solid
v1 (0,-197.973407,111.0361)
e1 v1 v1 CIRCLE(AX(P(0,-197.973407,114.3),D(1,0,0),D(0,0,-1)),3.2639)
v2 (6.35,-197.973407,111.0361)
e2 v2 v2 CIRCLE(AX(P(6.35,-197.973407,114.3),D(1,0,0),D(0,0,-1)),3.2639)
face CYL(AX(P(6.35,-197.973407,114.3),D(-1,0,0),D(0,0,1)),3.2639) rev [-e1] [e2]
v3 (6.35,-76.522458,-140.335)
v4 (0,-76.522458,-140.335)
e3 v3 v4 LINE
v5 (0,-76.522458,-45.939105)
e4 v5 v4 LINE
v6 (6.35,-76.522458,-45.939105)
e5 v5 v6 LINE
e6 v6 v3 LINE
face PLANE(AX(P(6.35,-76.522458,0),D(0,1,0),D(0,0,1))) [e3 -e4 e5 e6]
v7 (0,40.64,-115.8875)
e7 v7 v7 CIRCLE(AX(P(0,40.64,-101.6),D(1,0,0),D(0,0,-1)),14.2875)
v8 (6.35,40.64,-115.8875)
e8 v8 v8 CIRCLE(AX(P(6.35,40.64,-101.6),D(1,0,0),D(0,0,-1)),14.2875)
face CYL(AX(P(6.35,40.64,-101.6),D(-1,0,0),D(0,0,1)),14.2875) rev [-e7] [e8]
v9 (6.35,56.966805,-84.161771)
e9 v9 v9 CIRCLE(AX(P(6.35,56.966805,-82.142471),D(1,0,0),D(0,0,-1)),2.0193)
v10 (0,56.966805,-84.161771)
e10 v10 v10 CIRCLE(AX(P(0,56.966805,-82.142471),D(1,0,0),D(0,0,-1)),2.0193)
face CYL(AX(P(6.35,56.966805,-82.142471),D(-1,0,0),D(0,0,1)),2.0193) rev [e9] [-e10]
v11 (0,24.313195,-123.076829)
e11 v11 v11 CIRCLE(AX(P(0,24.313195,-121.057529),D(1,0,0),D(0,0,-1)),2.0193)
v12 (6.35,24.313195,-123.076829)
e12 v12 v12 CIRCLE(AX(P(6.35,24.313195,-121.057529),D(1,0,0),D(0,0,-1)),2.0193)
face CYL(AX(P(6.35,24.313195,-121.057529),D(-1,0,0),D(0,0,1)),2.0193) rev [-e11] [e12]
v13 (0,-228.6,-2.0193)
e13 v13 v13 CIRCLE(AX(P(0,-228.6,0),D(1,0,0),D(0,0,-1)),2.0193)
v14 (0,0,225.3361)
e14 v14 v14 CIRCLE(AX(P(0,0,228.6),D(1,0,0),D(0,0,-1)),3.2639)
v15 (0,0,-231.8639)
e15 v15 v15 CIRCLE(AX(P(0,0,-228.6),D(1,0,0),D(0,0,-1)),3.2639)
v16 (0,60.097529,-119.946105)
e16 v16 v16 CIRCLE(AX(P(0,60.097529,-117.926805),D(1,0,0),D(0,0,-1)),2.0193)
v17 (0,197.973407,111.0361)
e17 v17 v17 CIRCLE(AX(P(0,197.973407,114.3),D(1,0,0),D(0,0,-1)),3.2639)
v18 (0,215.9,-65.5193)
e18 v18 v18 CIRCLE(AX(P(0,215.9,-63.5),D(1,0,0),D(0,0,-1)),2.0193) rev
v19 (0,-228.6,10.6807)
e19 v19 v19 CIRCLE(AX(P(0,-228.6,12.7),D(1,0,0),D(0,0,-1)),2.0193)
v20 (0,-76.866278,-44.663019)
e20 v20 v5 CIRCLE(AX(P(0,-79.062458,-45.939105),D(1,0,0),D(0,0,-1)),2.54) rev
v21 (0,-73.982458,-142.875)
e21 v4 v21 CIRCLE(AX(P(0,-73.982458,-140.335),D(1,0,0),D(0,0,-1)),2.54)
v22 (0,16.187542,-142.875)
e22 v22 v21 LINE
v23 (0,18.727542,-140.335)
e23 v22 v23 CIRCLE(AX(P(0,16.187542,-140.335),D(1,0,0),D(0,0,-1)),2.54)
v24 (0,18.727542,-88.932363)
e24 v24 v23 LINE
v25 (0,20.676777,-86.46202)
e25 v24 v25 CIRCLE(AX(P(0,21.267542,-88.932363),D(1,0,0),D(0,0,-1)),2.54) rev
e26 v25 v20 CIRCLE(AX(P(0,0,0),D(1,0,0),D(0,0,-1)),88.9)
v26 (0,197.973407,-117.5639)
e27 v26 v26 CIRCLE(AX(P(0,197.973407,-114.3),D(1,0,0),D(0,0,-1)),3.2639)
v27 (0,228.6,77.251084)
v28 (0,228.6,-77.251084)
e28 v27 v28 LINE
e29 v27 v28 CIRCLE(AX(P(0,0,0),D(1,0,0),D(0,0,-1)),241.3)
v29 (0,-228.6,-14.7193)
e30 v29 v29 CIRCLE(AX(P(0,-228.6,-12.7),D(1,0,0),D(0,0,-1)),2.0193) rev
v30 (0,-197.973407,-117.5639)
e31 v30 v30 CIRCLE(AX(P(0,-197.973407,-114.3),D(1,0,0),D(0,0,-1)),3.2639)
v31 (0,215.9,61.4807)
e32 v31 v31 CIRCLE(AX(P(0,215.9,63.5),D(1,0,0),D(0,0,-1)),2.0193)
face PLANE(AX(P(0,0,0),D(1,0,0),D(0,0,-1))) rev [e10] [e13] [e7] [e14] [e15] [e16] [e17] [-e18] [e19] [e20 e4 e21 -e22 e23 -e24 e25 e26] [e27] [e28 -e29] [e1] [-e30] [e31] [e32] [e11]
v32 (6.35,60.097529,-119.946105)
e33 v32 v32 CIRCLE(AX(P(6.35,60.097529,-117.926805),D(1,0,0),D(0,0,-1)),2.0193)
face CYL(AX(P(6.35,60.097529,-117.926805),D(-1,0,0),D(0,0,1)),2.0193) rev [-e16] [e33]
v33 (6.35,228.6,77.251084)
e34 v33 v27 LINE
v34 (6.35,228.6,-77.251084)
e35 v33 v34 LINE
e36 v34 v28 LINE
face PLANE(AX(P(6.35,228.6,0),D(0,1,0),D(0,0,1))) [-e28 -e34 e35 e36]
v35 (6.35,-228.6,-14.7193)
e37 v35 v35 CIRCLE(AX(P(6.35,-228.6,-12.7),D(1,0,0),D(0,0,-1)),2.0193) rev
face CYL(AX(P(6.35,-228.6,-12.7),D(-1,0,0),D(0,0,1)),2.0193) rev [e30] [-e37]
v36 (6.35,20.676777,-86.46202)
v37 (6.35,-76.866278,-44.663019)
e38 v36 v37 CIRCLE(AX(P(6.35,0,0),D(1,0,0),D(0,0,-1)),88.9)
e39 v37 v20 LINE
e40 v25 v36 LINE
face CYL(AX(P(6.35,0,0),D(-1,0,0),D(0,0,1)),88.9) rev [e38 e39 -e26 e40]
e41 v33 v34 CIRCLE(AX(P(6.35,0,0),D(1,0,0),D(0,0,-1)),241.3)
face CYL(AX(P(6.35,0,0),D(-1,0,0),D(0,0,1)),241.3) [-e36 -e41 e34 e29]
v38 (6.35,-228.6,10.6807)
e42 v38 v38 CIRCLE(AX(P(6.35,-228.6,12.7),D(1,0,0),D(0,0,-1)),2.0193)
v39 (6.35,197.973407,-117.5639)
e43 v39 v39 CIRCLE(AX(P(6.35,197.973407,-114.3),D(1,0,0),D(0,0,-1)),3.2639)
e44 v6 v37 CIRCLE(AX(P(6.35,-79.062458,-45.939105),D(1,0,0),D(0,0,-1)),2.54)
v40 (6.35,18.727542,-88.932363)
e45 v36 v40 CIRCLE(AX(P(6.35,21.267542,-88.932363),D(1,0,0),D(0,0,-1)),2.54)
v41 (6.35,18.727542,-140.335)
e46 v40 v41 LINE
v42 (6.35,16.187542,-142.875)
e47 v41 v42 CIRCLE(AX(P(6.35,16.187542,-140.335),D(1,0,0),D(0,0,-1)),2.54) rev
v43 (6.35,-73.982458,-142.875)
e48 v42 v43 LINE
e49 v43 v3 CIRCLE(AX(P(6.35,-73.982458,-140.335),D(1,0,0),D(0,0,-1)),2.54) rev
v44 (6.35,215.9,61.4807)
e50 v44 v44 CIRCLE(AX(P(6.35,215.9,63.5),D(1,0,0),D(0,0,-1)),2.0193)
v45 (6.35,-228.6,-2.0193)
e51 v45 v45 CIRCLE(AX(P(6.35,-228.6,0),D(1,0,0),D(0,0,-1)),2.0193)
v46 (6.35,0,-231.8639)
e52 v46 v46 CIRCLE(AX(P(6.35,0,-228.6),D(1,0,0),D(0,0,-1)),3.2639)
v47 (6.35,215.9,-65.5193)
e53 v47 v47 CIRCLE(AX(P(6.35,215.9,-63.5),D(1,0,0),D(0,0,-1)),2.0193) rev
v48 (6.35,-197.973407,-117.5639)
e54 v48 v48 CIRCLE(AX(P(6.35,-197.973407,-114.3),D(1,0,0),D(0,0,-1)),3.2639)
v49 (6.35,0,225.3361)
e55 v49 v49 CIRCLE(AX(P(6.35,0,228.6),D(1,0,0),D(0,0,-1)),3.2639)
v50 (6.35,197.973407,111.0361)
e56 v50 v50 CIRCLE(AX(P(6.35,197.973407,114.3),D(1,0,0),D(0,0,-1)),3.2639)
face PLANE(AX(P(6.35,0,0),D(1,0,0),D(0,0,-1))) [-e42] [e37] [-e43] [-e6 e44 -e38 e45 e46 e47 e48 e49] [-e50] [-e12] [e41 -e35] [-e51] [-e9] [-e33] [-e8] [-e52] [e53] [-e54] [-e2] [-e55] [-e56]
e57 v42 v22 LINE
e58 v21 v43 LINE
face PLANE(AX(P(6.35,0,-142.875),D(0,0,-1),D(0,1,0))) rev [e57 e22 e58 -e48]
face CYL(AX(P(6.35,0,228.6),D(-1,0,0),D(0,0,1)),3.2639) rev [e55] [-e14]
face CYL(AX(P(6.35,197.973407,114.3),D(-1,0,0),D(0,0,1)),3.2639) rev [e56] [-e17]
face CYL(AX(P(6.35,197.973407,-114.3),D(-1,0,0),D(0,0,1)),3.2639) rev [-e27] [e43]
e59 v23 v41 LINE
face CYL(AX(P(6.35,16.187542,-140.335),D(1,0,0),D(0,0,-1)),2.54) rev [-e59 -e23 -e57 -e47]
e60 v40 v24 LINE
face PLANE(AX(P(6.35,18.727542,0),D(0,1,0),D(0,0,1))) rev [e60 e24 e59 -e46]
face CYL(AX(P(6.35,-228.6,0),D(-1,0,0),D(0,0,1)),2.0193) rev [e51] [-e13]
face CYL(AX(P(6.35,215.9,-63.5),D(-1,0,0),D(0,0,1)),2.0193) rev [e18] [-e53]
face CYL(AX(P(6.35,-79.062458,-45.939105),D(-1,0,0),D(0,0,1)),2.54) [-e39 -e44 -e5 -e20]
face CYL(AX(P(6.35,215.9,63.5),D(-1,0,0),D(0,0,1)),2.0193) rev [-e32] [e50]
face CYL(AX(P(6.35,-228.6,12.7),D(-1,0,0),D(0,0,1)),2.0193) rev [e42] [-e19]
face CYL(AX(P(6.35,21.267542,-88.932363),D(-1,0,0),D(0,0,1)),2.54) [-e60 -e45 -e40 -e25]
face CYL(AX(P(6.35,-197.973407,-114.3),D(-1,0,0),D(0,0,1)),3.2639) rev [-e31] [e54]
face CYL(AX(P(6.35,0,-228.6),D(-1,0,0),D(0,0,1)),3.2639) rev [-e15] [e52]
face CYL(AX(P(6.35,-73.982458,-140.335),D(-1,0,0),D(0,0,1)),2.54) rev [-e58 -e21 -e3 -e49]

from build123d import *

# Parameters (mm, degrees)
SKETCH1_R           = 3.2639
SKETCH1_R_2         = 2.0193
SKETCH1_R_3         = 14.2875
BOSS_EXTRUDE1_DEPTH = 6.35
FILLET1_R           = 2.54


with BuildPart() as part:
    # Sketch1 → Boss-Extrude1 (new body)
    with BuildSketch(Plane(origin=(0, 0, 0), x_dir=(0, 0, -1), z_dir=(1, 0, 0))):
        with BuildLine():
            Line((77.251084135, 228.6), (-77.251084135, 228.6))
            ThreePointArc((-77.251084135, 228.6), (0, -241.3), (77.251084135, 228.6))
        make_face()
        with Locations((-114.3, -197.973407305)):
            Circle(SKETCH1_R, mode=Mode.SUBTRACT)
        with Locations((-12.7, -228.6)):
            Circle(SKETCH1_R_2, mode=Mode.SUBTRACT)
        with Locations((0, -228.6)):
            Circle(SKETCH1_R_2, mode=Mode.SUBTRACT)
        with Locations((12.7, -228.6)):
            Circle(SKETCH1_R_2, mode=Mode.SUBTRACT)
        with Locations((114.3, -197.973407305)):
            Circle(SKETCH1_R, mode=Mode.SUBTRACT)
        with Locations((228.6, 0)):
            Circle(SKETCH1_R, mode=Mode.SUBTRACT)
        with Locations((-228.6, 0)):
            Circle(SKETCH1_R, mode=Mode.SUBTRACT)
        with Locations((-114.3, 197.973407305)):
            Circle(SKETCH1_R, mode=Mode.SUBTRACT)
        with Locations((-63.5, 215.9)):
            Circle(SKETCH1_R_2, mode=Mode.SUBTRACT)
        with BuildLine():
            Line((142.875, -76.522457682), (45.249568731, -76.522457682))
            ThreePointArc((45.249568731, -76.522457682), (-81.451531518, 35.6210333), (86.905058303, 18.727542318))
            Line((86.905058303, 18.727542318), (142.875, 18.727542318))
            Line((142.875, 18.727542318), (142.875, -76.522457682))
        make_face(mode=Mode.SUBTRACT)
        with Locations((82.142471145, 56.966805286)):
            Circle(SKETCH1_R_2, mode=Mode.SUBTRACT)
        with Locations((101.6, 40.64)):
            Circle(SKETCH1_R_3, mode=Mode.SUBTRACT)
        with Locations((117.926805286, 60.097528855)):
            Circle(SKETCH1_R_2, mode=Mode.SUBTRACT)
        with Locations((121.057528855, 24.313194714)):
            Circle(SKETCH1_R_2, mode=Mode.SUBTRACT)
        with Locations((114.3, 197.973407305)):
            Circle(SKETCH1_R, mode=Mode.SUBTRACT)
        with Locations((63.5, 215.9)):
            Circle(SKETCH1_R_2, mode=Mode.SUBTRACT)
    extrude(amount=BOSS_EXTRUDE1_DEPTH)

    # Fillet1
    fillet1_edges = [part.edges().sort_by_distance(p)[0] for p in [
        (3.175, -76.522457682, -45.249568731),
        (3.175, -76.522457682, -142.875),
        (3.175, 18.727542318, -142.875),
        (3.175, 18.727542318, -86.905058303),
    ]]
    fillet(fillet1_edges, radius=FILLET1_R)


solid = part.part
